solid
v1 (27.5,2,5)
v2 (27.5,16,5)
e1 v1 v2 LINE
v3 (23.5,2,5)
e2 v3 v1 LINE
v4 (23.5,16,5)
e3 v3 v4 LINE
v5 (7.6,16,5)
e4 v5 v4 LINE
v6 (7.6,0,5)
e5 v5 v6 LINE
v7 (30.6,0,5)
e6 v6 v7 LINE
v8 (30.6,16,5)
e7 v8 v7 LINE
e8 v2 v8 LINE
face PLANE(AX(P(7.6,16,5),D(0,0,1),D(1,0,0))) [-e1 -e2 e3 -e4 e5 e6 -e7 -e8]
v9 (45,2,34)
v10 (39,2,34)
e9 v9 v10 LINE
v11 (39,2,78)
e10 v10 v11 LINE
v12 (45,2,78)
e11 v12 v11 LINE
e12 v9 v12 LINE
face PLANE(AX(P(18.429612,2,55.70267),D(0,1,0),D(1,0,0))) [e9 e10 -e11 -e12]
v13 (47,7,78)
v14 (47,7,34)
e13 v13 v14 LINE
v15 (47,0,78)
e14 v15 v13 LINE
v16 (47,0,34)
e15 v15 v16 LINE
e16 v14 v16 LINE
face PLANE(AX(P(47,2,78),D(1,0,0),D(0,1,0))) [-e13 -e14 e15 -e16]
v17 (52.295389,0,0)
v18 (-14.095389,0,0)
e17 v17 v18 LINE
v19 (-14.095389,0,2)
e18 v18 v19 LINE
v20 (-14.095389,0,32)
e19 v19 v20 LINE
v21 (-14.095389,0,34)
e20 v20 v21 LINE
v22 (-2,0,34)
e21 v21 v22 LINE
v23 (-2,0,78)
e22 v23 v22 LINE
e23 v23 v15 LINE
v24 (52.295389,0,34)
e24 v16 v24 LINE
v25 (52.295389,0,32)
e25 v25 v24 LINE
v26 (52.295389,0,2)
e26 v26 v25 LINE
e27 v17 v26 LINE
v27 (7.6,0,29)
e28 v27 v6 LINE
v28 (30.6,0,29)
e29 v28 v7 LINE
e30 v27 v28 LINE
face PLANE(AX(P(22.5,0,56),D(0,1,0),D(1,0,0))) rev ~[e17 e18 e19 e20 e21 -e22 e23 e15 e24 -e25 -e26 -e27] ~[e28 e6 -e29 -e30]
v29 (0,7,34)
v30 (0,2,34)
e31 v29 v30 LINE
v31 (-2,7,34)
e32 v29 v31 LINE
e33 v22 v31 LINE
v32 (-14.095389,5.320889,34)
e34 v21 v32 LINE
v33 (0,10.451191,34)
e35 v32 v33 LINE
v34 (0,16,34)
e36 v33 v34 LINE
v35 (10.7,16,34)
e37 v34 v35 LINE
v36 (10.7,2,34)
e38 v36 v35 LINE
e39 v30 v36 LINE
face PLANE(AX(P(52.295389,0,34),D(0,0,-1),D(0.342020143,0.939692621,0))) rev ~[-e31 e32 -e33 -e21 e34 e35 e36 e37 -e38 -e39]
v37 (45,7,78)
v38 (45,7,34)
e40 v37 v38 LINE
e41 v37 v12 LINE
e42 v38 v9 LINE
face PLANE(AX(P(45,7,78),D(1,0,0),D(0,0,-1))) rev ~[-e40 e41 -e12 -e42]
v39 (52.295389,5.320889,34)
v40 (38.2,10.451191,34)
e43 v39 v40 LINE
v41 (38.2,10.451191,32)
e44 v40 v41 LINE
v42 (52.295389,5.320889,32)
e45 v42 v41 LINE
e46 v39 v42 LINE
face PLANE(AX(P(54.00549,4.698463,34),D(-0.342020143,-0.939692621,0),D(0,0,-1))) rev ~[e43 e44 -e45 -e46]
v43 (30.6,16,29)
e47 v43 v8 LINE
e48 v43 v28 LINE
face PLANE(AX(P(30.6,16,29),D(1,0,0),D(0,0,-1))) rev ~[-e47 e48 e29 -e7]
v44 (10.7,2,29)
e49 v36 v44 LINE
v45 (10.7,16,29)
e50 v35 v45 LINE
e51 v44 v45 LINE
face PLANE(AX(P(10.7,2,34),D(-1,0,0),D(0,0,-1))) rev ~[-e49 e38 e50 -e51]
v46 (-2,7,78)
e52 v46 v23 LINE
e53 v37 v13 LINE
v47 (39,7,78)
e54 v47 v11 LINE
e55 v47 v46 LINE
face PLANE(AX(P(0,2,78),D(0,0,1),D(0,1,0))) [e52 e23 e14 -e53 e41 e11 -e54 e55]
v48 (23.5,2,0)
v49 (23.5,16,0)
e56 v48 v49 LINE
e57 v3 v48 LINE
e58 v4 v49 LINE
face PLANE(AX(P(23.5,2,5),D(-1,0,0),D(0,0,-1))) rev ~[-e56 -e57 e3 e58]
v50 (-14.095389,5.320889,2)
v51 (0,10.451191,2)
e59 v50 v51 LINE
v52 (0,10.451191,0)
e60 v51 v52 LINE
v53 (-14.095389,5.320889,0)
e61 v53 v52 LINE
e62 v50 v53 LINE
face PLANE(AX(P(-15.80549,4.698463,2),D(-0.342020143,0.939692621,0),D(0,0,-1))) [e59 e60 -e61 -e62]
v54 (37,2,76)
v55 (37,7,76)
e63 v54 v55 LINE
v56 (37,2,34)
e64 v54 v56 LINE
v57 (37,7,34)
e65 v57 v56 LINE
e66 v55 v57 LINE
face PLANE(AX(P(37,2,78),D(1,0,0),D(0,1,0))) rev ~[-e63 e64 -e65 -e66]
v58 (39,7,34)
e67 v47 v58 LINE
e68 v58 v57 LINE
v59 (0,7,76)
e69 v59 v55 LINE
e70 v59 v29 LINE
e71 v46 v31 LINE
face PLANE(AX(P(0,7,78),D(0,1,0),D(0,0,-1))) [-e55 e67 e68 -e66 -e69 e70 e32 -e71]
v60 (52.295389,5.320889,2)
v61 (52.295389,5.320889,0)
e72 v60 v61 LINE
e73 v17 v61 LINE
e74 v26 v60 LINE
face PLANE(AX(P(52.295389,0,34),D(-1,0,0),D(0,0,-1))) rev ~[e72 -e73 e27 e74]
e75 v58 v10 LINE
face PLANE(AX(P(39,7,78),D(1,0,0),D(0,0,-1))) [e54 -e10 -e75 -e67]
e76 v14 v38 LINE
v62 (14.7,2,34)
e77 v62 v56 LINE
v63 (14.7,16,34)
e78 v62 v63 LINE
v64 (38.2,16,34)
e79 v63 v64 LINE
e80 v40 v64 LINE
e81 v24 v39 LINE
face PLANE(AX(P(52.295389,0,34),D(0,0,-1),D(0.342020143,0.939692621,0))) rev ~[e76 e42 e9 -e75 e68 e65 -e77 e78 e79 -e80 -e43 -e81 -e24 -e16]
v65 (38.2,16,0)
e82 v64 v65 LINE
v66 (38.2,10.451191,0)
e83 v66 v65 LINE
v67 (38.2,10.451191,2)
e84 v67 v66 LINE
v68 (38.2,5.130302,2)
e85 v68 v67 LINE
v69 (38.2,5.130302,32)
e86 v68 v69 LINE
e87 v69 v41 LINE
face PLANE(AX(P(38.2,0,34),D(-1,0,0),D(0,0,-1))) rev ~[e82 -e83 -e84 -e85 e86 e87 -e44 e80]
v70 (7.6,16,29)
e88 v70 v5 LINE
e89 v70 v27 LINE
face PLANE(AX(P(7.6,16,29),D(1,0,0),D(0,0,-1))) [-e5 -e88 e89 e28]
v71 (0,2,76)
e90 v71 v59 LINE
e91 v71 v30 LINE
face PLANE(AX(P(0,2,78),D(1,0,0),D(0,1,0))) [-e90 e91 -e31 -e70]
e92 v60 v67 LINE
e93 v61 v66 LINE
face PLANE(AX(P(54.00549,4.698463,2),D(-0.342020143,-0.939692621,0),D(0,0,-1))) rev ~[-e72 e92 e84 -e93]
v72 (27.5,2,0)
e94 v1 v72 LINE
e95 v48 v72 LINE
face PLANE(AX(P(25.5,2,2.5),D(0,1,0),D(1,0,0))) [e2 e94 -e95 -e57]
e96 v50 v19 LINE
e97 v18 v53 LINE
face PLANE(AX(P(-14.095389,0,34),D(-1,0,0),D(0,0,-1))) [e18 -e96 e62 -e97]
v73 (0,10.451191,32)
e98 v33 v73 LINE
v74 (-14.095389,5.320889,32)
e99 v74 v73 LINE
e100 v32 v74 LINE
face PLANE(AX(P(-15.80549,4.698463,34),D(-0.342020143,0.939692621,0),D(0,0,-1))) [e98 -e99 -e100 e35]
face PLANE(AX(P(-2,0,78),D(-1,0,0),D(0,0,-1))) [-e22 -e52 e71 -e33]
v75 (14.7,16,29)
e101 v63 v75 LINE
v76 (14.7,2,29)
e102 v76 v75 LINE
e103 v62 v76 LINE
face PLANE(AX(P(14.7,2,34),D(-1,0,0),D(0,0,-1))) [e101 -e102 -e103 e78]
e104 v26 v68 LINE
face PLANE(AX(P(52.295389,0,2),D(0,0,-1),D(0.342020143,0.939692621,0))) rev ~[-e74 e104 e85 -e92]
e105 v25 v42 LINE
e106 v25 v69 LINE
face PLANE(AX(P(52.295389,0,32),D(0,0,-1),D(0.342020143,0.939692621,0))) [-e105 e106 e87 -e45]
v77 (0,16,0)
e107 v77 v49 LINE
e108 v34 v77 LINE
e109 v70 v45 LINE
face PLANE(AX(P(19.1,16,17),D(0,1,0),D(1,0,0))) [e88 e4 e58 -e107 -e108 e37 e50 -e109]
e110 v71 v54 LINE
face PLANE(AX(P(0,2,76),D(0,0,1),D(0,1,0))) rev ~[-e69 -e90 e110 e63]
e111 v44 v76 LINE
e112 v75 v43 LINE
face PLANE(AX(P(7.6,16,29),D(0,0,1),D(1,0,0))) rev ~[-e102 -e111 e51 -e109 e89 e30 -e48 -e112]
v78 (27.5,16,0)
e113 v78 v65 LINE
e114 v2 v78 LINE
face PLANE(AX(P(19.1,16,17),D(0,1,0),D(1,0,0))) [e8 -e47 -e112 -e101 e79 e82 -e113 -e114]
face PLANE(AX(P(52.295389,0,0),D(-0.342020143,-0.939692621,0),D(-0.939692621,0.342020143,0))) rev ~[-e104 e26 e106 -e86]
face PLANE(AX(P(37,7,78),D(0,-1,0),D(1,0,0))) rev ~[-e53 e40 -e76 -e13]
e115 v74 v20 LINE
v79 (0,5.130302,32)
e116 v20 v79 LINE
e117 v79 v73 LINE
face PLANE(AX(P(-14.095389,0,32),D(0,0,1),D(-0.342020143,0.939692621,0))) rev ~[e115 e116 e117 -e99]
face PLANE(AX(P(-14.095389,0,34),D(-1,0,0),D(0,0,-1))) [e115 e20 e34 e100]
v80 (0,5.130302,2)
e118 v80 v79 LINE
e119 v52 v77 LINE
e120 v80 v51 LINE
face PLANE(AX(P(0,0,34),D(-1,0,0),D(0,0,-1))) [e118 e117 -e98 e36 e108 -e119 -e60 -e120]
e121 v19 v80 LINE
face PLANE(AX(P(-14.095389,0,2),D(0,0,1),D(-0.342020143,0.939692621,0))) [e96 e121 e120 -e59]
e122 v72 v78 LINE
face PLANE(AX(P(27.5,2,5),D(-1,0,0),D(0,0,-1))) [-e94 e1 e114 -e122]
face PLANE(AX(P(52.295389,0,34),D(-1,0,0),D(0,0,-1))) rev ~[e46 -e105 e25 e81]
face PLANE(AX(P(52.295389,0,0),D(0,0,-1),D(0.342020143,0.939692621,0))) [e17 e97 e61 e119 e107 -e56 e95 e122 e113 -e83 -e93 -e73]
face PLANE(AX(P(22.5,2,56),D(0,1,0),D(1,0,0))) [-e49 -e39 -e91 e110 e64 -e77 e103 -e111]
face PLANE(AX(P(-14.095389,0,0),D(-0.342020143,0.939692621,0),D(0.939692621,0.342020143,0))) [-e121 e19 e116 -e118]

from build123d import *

# Parameters (mm, degrees)
BOSS_EXTRUDE1_DEPTH            = 34
BOSS_EXTRUDE1_2_DEPTH          = 34
SKETCH5_W                      = 38.2
SKETCH5_H                      = 34
BOSS_EXTRUDE2_DEPTH            = 16
BOSS_EXTRUDE7_REACH            = 77.954
SKETCH12_W                     = 2
SKETCH12_H                     = 5
BOSS_EXTRUDE8_REACH            = 79.938
SKETCH13_W                     = 2
SKETCH13_H                     = 5
CUT_EXTRUDE1_START             = 2
SKETCH6_W                      = 4
SKETCH6_H                      = 5
CUT_EXTRUDE1_DEPTH             = 14
SKETCH7_W                      = 49
SKETCH7_H                      = 44
BOSS_EXTRUDE3_DEPTH            = 2
SKETCH8_W                      = 10
SKETCH8_H                      = 5
SKETCH8_W_2                    = 2
BOSS_EXTRUDE5_DEPTH            = 45
CUT_EXTRUDE2_REACH             = 97.297
SKETCH9_W                      = 6
SKETCH9_H                      = 44
CUT_EXTRUDE2_DIRECTION_2_REACH = 97.297
SKETCH10_W                     = 23
SKETCH10_H                     = 24
CUT_EXTRUDE3_DEPTH             = 16
SKETCH11_W                     = 2
SKETCH11_H                     = 5
BOSS_EXTRUDE6_DEPTH            = 37
SKETCH14_W                     = 5
SKETCH14_H                     = 34
CUT_EXTRUDE4_DEPTH             = 5.320889


with BuildPart() as part:
    # Sketch4 → Boss-Extrude1 (new body)
    with BuildSketch(Plane.XY):
        Polygon((0, 0), (-14.095389312, 0), (0, 5.13030215), align=None)
    extrude(amount=BOSS_EXTRUDE1_DEPTH)



with BuildPart() as body_2:
    # Sketch4 → Boss-Extrude1 2 (new body)
    with BuildSketch(Plane.XY):
        Polygon((52.295389312, 0), (38.2, 5.13030215), (38.2, 0), align=None)
    extrude(amount=BOSS_EXTRUDE1_2_DEPTH)


with BuildPart() as part_1:
    add(part.part)

    add(body_2.part)  # Boss-Extrude2 merges body 2
    # Sketch5 → Boss-Extrude2 (add)
    with BuildSketch(Plane(origin=(0, 0, 0), x_dir=(1, 0, 0), z_dir=(0, 1, 0))):
        with Locations((19.1, -17)):
            Rectangle(SKETCH5_W, SKETCH5_H)
    extrude(amount=BOSS_EXTRUDE2_DEPTH)

    # Boss-Extrude7: up to this plane
    boss_extrude7_end = Plane(origin=(0, 16, 0), z_dir=(1, 0, 0))
    # Sketch12 → Boss-Extrude7 (add, up to the surface)
    with BuildSketch(Plane(origin=(-12.446541984, -4.530170802, 0), x_dir=(0, 0, -1), z_dir=(0.9396926207859105, 0.3420201433256627, 0)), mode=Mode.PRIVATE) as boss_extrude7_sk1:
        with Locations((-1, 7.320907073)):
            Rectangle(SKETCH12_W, SKETCH12_H)
    boss_extrude7_tool1 = split(extrude(boss_extrude7_sk1.sketch, amount=BOSS_EXTRUDE7_REACH, mode=Mode.PRIVATE), bisect_by=boss_extrude7_end, keep=Keep.BOTH, mode=Mode.PRIVATE)
    add(boss_extrude7_tool1.solids().sort_by_distance((-14.95044, 2.349232, 1))[0])
    # Sketch12 → Boss-Extrude7 (add, up to the surface)
    with BuildSketch(Plane(origin=(-12.446541984, -4.530170802, 0), x_dir=(0, 0, -1), z_dir=(0.9396926207859105, 0.3420201433256627, 0)), mode=Mode.PRIVATE) as boss_extrude7_sk2:
        with Locations((-33, 7.320907073)):
            Rectangle(SKETCH12_W, SKETCH12_H)
    boss_extrude7_tool2 = split(extrude(boss_extrude7_sk2.sketch, amount=BOSS_EXTRUDE7_REACH, mode=Mode.PRIVATE), bisect_by=boss_extrude7_end, keep=Keep.BOTH, mode=Mode.PRIVATE)
    add(boss_extrude7_tool2.solids().sort_by_distance((-14.95044, 2.349232, 33))[0])

    # Boss-Extrude8: up to this plane
    boss_extrude8_end = Plane(origin=(38.2, 16, 0), z_dir=(-1, 0, 0))
    # Sketch13 → Boss-Extrude8 (add, up to the surface)
    with BuildSketch(Plane(origin=(46.177990847, -16.807414147, 0), x_dir=(0, 0, -1), z_dir=(0.9396926207859105, -0.3420201433256628, 0)), mode=Mode.PRIVATE) as boss_extrude8_sk1:
        with Locations((-33, 20.386076548)):
            Rectangle(SKETCH13_W, SKETCH13_H)
    boss_extrude8_tool1 = split(extrude(boss_extrude8_sk1.sketch, amount=-BOSS_EXTRUDE8_REACH, mode=Mode.PRIVATE), bisect_by=boss_extrude8_end, keep=Keep.BOTH, mode=Mode.PRIVATE)
    add(boss_extrude8_tool1.solids().sort_by_distance((53.15044, 2.349232, 33))[0])
    # Sketch13 → Boss-Extrude8 (add, up to the surface)
    with BuildSketch(Plane(origin=(46.177990847, -16.807414147, 0), x_dir=(0, 0, -1), z_dir=(0.9396926207859105, -0.3420201433256628, 0)), mode=Mode.PRIVATE) as boss_extrude8_sk2:
        with Locations((-1, 20.386076548)):
            Rectangle(SKETCH13_W, SKETCH13_H)
    boss_extrude8_tool2 = split(extrude(boss_extrude8_sk2.sketch, amount=-BOSS_EXTRUDE8_REACH, mode=Mode.PRIVATE), bisect_by=boss_extrude8_end, keep=Keep.BOTH, mode=Mode.PRIVATE)
    add(boss_extrude8_tool2.solids().sort_by_distance((53.15044, 2.349232, 1))[0])

    # Sketch6 → Cut-Extrude1 (cut)
    with BuildSketch(Plane(origin=(0, 0, 0), x_dir=(1, 0, 0), z_dir=(0, 1, 0)).offset(CUT_EXTRUDE1_START)):
        with Locations((12.7, -31.5)):
            Rectangle(SKETCH6_W, SKETCH6_H)
        with Locations((25.5, -2.5)):
            Rectangle(SKETCH6_W, SKETCH6_H)
    extrude(amount=CUT_EXTRUDE1_DEPTH, mode=Mode.SUBTRACT)

    # Sketch7 → Boss-Extrude3 (add)
    with BuildSketch(Plane(origin=(0, 0, 0), x_dir=(1, 0, 0), z_dir=(0, 1, 0))):
        with Locations((22.5, -56)):
            Rectangle(SKETCH7_W, SKETCH7_H)
    extrude(amount=BOSS_EXTRUDE3_DEPTH)

    # Sketch8 → Boss-Extrude5 (add)
    with BuildSketch(Plane.XY.offset(78)):
        with Locations((42, 4.5)):
            Rectangle(SKETCH8_W, SKETCH8_H)
        with Locations((-1, 4.5)):
            Rectangle(SKETCH8_W_2, SKETCH8_H)
    extrude(amount=-BOSS_EXTRUDE5_DEPTH)

    # Cut-Extrude2: up to this face of the body (flat: up to its plane)
    cut_extrude2_end = Plane(part_1.part.faces().sort_by_distance((18.42961165, 2, 55.702669903))[0])
    # Sketch9 → Cut-Extrude2 (cut, up to the picked face)
    with BuildSketch(Plane(origin=(0, 7, 0), x_dir=(1, 0, 0), z_dir=(0, 1, 0)), mode=Mode.PRIVATE) as cut_extrude2_sk1:
        with Locations((42, -56)):
            Rectangle(SKETCH9_W, SKETCH9_H)
    cut_extrude2_tool1 = split(extrude(cut_extrude2_sk1.sketch, amount=-CUT_EXTRUDE2_REACH, mode=Mode.PRIVATE), bisect_by=cut_extrude2_end, keep=Keep.BOTH, mode=Mode.PRIVATE)
    add(cut_extrude2_tool1.solids().sort_by(Axis((42, 7, 56), (0, -1, 0)))[0], mode=Mode.SUBTRACT)

    # Cut-Extrude2 direction 2: up to this face of the body (flat: up to its plane)
    cut_extrude2_direction_2_end = Plane(part_1.part.faces().sort_by_distance((46.102745014, 7.574827058, 33))[0])
    # Sketch9 → Cut-Extrude2 direction 2 (cut, up to the picked face)
    with BuildSketch(Plane(origin=(0, 7, 0), x_dir=(1, 0, 0), z_dir=(0, 1, 0)), mode=Mode.PRIVATE) as cut_extrude2_direction_2_sk1:
        with Locations((42, -56)):
            Rectangle(SKETCH9_W, SKETCH9_H)
    cut_extrude2_direction_2_tool1 = split(extrude(cut_extrude2_direction_2_sk1.sketch, amount=CUT_EXTRUDE2_DIRECTION_2_REACH, mode=Mode.PRIVATE), bisect_by=cut_extrude2_direction_2_end, keep=Keep.BOTH, mode=Mode.PRIVATE)
    add(cut_extrude2_direction_2_tool1.solids().sort_by(Axis((42, 7, 56), (0, 1, 0)))[0], mode=Mode.SUBTRACT)

    # Sketch10 → Cut-Extrude3 (cut)
    with BuildSketch(Plane(origin=(0, 16, 0), x_dir=(1, 0, 0), z_dir=(0, 1, 0))):
        with Locations((19.1, -17)):
            Rectangle(SKETCH10_W, SKETCH10_H)
    extrude(amount=-CUT_EXTRUDE3_DEPTH, mode=Mode.SUBTRACT)

    # Sketch11 → Boss-Extrude6 (add)
    with BuildSketch(Plane(origin=(0, 0, 0), x_dir=(0, 0, -1), z_dir=(1, 0, 0))):
        with Locations((-77, 4.5)):
            Rectangle(SKETCH11_W, SKETCH11_H)
    extrude(amount=BOSS_EXTRUDE6_DEPTH)

    # Sketch14 → Cut-Extrude4 (cut)
    with BuildSketch(Plane(origin=(0, 0, 0), x_dir=(1, 0, 0), z_dir=(0, 1, 0))):
        with Locations((-16.595389312, -17)):
            Rectangle(SKETCH14_W, SKETCH14_H)
        with Locations((54.795389312, -17)):
            Rectangle(SKETCH14_W, SKETCH14_H)
    extrude(amount=CUT_EXTRUDE4_DEPTH, mode=Mode.SUBTRACT)


solid = part_1.part
